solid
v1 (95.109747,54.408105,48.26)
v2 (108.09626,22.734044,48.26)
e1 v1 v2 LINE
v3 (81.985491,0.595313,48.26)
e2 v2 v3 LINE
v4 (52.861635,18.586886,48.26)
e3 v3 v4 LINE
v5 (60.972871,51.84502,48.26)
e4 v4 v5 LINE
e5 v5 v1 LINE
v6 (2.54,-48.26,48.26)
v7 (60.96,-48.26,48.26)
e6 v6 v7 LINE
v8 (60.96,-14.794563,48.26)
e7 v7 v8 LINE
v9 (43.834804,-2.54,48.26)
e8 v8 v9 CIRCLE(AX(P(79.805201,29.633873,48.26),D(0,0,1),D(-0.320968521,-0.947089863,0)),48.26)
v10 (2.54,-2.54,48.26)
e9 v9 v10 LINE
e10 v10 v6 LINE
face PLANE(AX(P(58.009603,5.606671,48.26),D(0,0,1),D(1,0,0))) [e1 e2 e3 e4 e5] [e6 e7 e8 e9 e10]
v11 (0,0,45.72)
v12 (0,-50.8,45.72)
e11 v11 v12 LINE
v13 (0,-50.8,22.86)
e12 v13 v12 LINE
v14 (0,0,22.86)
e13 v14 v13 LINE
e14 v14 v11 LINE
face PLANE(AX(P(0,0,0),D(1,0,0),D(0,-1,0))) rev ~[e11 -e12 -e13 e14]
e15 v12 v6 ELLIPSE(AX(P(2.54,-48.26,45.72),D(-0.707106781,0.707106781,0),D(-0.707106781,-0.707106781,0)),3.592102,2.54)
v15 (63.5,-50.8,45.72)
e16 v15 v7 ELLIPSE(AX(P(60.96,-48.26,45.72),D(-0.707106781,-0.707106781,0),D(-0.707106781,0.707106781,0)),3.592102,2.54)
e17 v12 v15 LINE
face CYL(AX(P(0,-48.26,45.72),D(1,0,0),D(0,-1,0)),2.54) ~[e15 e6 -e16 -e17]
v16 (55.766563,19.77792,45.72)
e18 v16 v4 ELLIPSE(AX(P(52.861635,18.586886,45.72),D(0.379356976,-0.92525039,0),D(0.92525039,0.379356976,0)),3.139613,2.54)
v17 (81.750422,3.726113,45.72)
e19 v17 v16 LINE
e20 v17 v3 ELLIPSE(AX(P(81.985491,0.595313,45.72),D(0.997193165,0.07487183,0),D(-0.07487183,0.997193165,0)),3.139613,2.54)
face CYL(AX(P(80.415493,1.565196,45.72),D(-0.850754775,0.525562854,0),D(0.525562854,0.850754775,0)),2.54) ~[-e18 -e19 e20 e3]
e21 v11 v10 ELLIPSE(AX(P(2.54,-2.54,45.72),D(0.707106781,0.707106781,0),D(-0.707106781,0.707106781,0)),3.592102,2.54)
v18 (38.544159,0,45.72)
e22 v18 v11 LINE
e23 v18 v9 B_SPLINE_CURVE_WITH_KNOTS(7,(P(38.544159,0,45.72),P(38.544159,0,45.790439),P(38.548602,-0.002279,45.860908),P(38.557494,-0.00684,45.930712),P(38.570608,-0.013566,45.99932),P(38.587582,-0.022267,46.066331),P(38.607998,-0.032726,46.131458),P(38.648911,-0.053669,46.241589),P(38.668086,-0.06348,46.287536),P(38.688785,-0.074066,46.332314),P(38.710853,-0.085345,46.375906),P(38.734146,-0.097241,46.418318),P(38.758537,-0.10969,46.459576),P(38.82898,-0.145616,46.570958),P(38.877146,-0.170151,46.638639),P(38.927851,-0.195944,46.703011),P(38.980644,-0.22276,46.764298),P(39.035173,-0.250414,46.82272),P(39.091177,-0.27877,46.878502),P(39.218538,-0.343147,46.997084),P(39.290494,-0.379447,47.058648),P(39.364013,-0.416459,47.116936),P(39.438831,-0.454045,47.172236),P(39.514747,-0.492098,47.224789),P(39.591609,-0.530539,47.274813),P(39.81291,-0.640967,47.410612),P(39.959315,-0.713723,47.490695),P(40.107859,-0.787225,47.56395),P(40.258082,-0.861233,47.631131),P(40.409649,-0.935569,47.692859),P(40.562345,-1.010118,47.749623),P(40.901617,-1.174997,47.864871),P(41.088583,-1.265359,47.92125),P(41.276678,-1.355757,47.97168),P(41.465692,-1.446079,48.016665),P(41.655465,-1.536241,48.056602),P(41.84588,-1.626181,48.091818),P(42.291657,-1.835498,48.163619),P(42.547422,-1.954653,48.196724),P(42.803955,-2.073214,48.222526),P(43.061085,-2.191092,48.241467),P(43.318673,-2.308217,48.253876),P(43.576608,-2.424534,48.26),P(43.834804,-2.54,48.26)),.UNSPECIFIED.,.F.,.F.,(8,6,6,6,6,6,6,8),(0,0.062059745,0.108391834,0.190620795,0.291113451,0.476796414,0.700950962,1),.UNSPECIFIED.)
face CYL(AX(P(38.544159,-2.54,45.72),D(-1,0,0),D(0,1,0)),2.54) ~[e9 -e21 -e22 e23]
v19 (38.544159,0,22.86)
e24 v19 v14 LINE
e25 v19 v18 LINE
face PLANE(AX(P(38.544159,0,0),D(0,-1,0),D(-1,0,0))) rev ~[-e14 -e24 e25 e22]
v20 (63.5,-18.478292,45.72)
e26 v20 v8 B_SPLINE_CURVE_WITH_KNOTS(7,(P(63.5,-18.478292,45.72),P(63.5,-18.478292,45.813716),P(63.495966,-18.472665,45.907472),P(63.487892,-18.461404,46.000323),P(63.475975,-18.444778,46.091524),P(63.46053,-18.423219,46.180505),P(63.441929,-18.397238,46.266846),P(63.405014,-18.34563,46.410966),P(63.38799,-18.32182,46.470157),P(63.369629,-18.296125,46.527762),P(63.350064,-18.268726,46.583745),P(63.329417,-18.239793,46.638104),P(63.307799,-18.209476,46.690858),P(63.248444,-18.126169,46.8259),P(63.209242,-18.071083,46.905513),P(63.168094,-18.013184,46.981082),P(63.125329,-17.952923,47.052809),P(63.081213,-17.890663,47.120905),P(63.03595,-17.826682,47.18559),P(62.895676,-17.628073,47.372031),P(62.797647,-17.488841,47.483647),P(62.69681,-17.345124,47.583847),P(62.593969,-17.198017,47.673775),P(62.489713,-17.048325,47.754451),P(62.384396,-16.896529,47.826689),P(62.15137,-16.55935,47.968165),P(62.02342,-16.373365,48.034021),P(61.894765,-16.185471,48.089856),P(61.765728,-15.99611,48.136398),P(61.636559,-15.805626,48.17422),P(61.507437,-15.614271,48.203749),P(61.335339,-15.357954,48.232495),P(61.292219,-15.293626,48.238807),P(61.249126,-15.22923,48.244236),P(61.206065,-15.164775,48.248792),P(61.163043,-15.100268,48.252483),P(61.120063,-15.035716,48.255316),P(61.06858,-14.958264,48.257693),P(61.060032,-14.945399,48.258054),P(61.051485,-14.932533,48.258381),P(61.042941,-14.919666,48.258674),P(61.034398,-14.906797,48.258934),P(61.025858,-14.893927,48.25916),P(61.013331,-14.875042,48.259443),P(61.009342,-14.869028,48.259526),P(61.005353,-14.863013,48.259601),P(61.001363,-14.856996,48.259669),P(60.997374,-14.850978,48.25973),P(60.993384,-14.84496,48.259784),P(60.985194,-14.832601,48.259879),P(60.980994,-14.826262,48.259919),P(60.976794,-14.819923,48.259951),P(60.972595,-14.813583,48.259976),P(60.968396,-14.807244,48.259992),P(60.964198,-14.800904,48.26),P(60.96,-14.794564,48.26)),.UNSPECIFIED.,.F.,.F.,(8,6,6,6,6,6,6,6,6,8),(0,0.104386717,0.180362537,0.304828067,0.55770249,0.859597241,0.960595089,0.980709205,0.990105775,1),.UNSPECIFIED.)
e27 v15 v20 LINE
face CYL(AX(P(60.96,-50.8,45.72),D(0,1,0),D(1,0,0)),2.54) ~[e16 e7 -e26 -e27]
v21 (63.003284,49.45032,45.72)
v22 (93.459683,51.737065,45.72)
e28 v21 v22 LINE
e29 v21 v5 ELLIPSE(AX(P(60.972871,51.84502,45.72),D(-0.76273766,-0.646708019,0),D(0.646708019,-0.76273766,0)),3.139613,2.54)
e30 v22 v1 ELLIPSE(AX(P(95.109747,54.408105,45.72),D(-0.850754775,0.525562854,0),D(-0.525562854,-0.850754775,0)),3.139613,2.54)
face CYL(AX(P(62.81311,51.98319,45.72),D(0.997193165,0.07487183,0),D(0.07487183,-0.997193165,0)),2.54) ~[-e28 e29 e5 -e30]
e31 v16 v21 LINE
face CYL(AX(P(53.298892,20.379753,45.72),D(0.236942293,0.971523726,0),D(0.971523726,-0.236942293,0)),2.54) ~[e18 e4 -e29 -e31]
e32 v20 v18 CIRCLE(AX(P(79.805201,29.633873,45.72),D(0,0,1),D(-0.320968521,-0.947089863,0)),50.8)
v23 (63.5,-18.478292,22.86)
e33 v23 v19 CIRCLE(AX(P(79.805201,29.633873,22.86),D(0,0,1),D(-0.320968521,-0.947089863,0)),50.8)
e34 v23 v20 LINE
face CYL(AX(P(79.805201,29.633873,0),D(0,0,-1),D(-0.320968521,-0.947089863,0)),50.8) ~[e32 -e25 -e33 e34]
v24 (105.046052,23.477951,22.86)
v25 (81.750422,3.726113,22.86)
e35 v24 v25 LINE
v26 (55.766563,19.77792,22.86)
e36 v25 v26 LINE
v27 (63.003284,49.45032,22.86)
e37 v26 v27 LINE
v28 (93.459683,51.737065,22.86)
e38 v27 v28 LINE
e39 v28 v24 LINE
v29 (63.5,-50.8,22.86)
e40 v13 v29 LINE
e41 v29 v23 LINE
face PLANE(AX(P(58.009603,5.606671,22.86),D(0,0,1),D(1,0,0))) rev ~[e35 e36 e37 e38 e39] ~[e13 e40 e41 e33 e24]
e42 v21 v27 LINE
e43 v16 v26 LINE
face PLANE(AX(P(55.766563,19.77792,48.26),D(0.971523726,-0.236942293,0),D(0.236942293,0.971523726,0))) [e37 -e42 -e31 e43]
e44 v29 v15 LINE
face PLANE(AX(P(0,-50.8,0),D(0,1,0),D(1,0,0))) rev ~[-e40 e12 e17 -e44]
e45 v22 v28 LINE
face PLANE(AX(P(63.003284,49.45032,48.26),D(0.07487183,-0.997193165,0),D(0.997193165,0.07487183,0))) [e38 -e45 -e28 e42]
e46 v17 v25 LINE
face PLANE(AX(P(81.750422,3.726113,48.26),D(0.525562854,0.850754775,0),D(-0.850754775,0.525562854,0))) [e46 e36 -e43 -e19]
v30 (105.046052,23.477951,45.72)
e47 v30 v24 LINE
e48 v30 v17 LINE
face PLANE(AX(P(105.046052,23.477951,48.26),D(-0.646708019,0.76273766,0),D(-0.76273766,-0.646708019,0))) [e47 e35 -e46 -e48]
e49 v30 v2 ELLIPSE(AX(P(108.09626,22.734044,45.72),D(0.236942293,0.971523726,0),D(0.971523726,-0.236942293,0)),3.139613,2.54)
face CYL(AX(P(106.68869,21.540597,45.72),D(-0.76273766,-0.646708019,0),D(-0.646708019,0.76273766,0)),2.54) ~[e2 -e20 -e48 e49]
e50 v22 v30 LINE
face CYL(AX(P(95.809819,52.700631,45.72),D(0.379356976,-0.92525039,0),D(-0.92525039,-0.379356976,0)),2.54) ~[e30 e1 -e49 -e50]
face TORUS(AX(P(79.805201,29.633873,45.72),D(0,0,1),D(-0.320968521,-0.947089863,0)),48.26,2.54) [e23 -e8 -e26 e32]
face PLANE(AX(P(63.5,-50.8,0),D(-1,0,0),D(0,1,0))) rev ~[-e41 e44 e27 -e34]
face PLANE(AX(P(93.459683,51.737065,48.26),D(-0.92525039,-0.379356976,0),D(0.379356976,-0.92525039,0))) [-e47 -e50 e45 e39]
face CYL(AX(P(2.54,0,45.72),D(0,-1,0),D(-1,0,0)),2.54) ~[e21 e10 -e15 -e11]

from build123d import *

# Parameters (mm, degrees)
F1_DEPTH = 48.26
F3_DEPTH = 25.4
F4_R     = 2.54


with BuildPart() as f1:
    # F0 (on Top) → F1 (new body)
    with BuildSketch(Plane.XY):
        with BuildLine():
            Line((0, -50.8), (63.5, -50.8))
            Line((63.5, -50.8), (63.5, -18.4782915836))
            ThreePointArc((63.5, -18.4782915836), (110.0348201001, 70.4604594113), (38.5441593826, 0))
            Line((38.5441593826, 0), (0, 0))
            Line((0, 0), (0, -50.8))
        make_face()
    extrude(amount=F1_DEPTH)

    # F2 (on face) → F3 (intersect)
    with BuildSketch(Plane.XY.offset(48.26)):
        with BuildLine():
            ThreePointArc((63.5, -18.4782915836), (110.0348201001, 70.4604594113), (38.5441593826, 0))
            Line((38.5441593826, 0), (0, 0))
            Line((0, 0), (0, -50.8))
            Line((0, -50.8), (63.5, -50.8))
            Line((63.5, -50.8), (63.5, -18.4782915836))
        make_face()
        Polygon((81.7504222175, 3.7261128257), (55.766562748, 19.7779196896), (63.0032841086, 49.4503196679), (93.4596833462, 51.7370645185), (105.0460518893, 23.4779505813), align=None, mode=Mode.SUBTRACT)
    extrude(amount=-F3_DEPTH, mode=Mode.INTERSECT)

    # F4
    f4_edges = [f1.edges().sort_by_distance(p)[0] for p in [
        (110.03482, 70.460459, 48.26),
        (19.27208, 0, 48.26),
        (0, -25.4, 48.26),
        (63.5, -34.639146, 48.26),
        (31.75, -50.8, 48.26),
        (99.252868, 37.607508, 48.26),
        (78.231484, 50.593692, 48.26),
        (59.384923, 34.61412, 48.26),
        (68.758492, 11.752016, 48.26),
        (93.398237, 13.602032, 48.26),
    ]]
    fillet(f4_edges, radius=F4_R)


solid = f1.part
